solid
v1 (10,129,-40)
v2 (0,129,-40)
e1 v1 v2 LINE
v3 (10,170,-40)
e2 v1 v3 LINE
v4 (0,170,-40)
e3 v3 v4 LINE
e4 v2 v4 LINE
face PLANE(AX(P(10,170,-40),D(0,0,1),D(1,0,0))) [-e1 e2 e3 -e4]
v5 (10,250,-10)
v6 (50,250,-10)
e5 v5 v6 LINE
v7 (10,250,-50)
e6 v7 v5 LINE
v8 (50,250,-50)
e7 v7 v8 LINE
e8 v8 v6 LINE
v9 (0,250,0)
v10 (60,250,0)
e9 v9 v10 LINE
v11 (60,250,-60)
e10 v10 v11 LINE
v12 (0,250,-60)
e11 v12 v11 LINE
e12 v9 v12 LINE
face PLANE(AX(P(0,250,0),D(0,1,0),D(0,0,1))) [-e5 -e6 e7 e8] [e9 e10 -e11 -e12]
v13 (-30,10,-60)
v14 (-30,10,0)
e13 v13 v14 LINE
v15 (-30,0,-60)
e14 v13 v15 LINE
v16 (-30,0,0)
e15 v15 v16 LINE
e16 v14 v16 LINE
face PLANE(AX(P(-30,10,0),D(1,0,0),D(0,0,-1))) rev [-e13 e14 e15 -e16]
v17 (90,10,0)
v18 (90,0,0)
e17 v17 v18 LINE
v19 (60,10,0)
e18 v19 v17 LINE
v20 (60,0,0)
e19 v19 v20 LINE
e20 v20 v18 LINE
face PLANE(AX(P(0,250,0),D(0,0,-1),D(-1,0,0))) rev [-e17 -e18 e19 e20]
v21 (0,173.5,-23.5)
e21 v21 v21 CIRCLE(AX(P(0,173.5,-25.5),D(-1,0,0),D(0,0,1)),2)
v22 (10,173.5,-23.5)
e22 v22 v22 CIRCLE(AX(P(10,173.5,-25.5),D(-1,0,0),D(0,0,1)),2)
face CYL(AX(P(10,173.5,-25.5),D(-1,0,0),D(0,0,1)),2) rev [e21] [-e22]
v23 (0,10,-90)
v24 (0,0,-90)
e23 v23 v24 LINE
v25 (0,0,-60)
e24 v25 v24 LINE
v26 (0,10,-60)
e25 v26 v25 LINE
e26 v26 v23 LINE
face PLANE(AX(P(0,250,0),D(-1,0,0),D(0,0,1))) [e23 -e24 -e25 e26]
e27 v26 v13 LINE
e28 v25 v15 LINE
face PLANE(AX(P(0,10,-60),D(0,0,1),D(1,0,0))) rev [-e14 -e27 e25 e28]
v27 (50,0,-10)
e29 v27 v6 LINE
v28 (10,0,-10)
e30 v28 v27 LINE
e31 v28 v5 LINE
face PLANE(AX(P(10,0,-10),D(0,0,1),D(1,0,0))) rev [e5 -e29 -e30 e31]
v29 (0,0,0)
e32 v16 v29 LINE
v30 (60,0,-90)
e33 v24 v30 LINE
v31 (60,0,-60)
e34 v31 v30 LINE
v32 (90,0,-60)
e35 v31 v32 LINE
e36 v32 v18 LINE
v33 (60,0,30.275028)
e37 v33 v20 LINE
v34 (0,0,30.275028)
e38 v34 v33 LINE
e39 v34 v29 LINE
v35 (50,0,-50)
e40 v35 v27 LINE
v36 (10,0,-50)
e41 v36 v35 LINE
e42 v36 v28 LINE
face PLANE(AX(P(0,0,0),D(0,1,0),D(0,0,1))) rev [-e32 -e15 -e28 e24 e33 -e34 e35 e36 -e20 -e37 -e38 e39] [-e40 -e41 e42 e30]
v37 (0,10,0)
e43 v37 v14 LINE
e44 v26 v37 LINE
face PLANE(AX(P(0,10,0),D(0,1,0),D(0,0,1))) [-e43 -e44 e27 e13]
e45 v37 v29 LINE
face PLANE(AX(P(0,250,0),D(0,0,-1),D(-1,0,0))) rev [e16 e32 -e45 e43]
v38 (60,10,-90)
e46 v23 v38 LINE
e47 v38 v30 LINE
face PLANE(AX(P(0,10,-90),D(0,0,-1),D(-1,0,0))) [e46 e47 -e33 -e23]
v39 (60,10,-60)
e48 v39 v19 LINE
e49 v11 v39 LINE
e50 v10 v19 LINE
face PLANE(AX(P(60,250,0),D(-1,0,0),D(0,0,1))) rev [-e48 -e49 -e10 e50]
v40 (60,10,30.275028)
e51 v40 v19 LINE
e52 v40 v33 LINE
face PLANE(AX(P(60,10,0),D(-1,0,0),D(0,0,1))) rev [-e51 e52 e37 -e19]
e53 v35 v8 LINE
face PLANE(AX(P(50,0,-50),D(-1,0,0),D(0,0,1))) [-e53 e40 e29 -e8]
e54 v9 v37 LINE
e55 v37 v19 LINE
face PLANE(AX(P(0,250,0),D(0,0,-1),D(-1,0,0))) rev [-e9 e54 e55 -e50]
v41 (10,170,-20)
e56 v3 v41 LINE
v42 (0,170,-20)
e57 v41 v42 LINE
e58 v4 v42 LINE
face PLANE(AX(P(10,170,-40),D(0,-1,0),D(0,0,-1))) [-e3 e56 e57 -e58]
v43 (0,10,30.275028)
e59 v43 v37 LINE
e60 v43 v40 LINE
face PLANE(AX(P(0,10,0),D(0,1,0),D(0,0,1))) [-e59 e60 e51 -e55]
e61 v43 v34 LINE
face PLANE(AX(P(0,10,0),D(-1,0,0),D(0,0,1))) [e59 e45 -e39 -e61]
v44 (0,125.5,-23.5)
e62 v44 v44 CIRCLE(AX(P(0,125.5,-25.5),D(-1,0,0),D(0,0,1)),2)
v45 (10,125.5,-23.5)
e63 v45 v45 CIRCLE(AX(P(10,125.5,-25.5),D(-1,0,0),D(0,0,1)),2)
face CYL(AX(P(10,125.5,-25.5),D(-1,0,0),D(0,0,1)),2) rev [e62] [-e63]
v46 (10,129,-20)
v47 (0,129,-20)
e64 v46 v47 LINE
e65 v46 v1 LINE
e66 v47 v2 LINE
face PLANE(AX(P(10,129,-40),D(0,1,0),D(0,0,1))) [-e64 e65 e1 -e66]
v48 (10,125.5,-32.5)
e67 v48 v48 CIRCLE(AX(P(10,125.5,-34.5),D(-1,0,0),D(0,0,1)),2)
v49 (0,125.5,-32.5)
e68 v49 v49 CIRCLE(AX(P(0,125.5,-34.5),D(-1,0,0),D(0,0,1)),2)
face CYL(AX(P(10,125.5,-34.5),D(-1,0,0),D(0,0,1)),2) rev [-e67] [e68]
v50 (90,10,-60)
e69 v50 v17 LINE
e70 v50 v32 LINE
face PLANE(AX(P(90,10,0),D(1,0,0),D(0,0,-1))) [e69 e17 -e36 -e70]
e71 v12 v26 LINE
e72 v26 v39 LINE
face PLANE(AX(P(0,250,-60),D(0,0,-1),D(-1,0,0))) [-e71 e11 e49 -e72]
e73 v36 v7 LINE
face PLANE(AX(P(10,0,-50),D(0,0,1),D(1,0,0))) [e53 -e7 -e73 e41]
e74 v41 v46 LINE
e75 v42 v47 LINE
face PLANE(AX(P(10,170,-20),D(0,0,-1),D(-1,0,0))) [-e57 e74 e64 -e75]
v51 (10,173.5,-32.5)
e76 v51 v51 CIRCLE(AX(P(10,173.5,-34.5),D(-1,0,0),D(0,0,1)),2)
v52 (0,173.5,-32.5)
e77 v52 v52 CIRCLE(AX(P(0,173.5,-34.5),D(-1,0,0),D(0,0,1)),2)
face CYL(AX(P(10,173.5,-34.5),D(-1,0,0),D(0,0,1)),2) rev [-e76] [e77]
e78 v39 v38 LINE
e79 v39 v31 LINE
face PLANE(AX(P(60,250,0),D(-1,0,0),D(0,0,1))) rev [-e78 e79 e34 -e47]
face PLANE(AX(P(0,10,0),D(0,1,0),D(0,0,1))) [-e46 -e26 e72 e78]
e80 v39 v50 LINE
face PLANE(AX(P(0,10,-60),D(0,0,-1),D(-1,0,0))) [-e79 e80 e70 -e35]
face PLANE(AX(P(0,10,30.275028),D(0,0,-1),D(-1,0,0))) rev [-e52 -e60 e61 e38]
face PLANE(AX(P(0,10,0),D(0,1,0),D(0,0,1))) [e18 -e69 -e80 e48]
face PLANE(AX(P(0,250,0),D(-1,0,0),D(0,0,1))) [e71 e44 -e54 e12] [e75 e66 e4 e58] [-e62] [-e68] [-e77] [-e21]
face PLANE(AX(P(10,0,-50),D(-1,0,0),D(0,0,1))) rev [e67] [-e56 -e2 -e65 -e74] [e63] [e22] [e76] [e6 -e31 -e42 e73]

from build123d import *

# Parameters (mm, degrees)
ESQUISSE1_W             = 60
ESQUISSE1_H             = 60
BOSS_EXTRU_1_DEPTH      = 250
ESQUISSE2_W             = 40
ESQUISSE2_H             = 40
ENL_V_MAT_EXTRU_1_DEPTH = 250
ESQUISSE3_W             = 20
ESQUISSE3_H             = 41
ENL_V_MAT_EXTRU_7_DEPTH = 10
ESQUISSE4_W             = 60
ESQUISSE4_H             = 30
ESQUISSE4_W_2           = 30
ESQUISSE4_H_2           = 60
ESQUISSE4_H_3           = 30.275028017
BOSS_EXTRU_2_DEPTH      = 10
ESQUISSE6_R             = 2
ENL_V_MAT_EXTRU_8_DEPTH = 10


with BuildPart() as part:
    # Esquisse1 → Boss.-Extru.1 (new body)
    with BuildSketch(Plane(origin=(0, 0, 0), x_dir=(1, 0, 0), z_dir=(0, 1, 0))):
        with Locations((30, 30)):
            Rectangle(ESQUISSE1_W, ESQUISSE1_H)
    extrude(amount=BOSS_EXTRU_1_DEPTH)

    # Esquisse2 → Enlèv. mat.-Extru.1 (cut)
    with BuildSketch(Plane(origin=(0, 250, 0), x_dir=(1, 0, 0), z_dir=(0, 1, 0))):
        with Locations((30, 30)):
            Rectangle(ESQUISSE2_W, ESQUISSE2_H)
    extrude(amount=-ENL_V_MAT_EXTRU_1_DEPTH, mode=Mode.SUBTRACT)

    # Esquisse3 → Enlèv. mat.-Extru.7 (cut)
    with BuildSketch(Plane(origin=(0, 0, 0), x_dir=(0, 0, -1), z_dir=(1, 0, 0))):
        with Locations((30, 149.5)):
            Rectangle(ESQUISSE3_W, ESQUISSE3_H)
    extrude(amount=ENL_V_MAT_EXTRU_7_DEPTH, mode=Mode.SUBTRACT)

    # Esquisse4 → Boss.-Extru.2 (add)
    with BuildSketch(Plane(origin=(0, 0, 0), x_dir=(1, 0, 0), z_dir=(0, 1, 0))):
        with Locations((30, 75)):
            Rectangle(ESQUISSE4_W, ESQUISSE4_H)
        with Locations((-15, 30)):
            Rectangle(ESQUISSE4_W_2, ESQUISSE4_H_2)
        with Locations((75, 30)):
            Rectangle(ESQUISSE4_W_2, ESQUISSE4_H_2)
        with Locations((30, -15.137514009)):
            Rectangle(ESQUISSE4_W, ESQUISSE4_H_3)
    extrude(amount=BOSS_EXTRU_2_DEPTH)

    # Esquisse6 → Enlèv. mat.-Extru.8 (cut)
    with BuildSketch(Plane.ZY):
        with Locations((-34.5, 173.5)):
            Circle(ESQUISSE6_R)
        with Locations((-25.5, 173.5)):
            Circle(ESQUISSE6_R)
        with Locations((-34.5, 125.5)):
            Circle(ESQUISSE6_R)
        with Locations((-25.5, 125.5)):
            Circle(ESQUISSE6_R)
    extrude(amount=-ENL_V_MAT_EXTRU_8_DEPTH, mode=Mode.SUBTRACT)


solid = part.part
